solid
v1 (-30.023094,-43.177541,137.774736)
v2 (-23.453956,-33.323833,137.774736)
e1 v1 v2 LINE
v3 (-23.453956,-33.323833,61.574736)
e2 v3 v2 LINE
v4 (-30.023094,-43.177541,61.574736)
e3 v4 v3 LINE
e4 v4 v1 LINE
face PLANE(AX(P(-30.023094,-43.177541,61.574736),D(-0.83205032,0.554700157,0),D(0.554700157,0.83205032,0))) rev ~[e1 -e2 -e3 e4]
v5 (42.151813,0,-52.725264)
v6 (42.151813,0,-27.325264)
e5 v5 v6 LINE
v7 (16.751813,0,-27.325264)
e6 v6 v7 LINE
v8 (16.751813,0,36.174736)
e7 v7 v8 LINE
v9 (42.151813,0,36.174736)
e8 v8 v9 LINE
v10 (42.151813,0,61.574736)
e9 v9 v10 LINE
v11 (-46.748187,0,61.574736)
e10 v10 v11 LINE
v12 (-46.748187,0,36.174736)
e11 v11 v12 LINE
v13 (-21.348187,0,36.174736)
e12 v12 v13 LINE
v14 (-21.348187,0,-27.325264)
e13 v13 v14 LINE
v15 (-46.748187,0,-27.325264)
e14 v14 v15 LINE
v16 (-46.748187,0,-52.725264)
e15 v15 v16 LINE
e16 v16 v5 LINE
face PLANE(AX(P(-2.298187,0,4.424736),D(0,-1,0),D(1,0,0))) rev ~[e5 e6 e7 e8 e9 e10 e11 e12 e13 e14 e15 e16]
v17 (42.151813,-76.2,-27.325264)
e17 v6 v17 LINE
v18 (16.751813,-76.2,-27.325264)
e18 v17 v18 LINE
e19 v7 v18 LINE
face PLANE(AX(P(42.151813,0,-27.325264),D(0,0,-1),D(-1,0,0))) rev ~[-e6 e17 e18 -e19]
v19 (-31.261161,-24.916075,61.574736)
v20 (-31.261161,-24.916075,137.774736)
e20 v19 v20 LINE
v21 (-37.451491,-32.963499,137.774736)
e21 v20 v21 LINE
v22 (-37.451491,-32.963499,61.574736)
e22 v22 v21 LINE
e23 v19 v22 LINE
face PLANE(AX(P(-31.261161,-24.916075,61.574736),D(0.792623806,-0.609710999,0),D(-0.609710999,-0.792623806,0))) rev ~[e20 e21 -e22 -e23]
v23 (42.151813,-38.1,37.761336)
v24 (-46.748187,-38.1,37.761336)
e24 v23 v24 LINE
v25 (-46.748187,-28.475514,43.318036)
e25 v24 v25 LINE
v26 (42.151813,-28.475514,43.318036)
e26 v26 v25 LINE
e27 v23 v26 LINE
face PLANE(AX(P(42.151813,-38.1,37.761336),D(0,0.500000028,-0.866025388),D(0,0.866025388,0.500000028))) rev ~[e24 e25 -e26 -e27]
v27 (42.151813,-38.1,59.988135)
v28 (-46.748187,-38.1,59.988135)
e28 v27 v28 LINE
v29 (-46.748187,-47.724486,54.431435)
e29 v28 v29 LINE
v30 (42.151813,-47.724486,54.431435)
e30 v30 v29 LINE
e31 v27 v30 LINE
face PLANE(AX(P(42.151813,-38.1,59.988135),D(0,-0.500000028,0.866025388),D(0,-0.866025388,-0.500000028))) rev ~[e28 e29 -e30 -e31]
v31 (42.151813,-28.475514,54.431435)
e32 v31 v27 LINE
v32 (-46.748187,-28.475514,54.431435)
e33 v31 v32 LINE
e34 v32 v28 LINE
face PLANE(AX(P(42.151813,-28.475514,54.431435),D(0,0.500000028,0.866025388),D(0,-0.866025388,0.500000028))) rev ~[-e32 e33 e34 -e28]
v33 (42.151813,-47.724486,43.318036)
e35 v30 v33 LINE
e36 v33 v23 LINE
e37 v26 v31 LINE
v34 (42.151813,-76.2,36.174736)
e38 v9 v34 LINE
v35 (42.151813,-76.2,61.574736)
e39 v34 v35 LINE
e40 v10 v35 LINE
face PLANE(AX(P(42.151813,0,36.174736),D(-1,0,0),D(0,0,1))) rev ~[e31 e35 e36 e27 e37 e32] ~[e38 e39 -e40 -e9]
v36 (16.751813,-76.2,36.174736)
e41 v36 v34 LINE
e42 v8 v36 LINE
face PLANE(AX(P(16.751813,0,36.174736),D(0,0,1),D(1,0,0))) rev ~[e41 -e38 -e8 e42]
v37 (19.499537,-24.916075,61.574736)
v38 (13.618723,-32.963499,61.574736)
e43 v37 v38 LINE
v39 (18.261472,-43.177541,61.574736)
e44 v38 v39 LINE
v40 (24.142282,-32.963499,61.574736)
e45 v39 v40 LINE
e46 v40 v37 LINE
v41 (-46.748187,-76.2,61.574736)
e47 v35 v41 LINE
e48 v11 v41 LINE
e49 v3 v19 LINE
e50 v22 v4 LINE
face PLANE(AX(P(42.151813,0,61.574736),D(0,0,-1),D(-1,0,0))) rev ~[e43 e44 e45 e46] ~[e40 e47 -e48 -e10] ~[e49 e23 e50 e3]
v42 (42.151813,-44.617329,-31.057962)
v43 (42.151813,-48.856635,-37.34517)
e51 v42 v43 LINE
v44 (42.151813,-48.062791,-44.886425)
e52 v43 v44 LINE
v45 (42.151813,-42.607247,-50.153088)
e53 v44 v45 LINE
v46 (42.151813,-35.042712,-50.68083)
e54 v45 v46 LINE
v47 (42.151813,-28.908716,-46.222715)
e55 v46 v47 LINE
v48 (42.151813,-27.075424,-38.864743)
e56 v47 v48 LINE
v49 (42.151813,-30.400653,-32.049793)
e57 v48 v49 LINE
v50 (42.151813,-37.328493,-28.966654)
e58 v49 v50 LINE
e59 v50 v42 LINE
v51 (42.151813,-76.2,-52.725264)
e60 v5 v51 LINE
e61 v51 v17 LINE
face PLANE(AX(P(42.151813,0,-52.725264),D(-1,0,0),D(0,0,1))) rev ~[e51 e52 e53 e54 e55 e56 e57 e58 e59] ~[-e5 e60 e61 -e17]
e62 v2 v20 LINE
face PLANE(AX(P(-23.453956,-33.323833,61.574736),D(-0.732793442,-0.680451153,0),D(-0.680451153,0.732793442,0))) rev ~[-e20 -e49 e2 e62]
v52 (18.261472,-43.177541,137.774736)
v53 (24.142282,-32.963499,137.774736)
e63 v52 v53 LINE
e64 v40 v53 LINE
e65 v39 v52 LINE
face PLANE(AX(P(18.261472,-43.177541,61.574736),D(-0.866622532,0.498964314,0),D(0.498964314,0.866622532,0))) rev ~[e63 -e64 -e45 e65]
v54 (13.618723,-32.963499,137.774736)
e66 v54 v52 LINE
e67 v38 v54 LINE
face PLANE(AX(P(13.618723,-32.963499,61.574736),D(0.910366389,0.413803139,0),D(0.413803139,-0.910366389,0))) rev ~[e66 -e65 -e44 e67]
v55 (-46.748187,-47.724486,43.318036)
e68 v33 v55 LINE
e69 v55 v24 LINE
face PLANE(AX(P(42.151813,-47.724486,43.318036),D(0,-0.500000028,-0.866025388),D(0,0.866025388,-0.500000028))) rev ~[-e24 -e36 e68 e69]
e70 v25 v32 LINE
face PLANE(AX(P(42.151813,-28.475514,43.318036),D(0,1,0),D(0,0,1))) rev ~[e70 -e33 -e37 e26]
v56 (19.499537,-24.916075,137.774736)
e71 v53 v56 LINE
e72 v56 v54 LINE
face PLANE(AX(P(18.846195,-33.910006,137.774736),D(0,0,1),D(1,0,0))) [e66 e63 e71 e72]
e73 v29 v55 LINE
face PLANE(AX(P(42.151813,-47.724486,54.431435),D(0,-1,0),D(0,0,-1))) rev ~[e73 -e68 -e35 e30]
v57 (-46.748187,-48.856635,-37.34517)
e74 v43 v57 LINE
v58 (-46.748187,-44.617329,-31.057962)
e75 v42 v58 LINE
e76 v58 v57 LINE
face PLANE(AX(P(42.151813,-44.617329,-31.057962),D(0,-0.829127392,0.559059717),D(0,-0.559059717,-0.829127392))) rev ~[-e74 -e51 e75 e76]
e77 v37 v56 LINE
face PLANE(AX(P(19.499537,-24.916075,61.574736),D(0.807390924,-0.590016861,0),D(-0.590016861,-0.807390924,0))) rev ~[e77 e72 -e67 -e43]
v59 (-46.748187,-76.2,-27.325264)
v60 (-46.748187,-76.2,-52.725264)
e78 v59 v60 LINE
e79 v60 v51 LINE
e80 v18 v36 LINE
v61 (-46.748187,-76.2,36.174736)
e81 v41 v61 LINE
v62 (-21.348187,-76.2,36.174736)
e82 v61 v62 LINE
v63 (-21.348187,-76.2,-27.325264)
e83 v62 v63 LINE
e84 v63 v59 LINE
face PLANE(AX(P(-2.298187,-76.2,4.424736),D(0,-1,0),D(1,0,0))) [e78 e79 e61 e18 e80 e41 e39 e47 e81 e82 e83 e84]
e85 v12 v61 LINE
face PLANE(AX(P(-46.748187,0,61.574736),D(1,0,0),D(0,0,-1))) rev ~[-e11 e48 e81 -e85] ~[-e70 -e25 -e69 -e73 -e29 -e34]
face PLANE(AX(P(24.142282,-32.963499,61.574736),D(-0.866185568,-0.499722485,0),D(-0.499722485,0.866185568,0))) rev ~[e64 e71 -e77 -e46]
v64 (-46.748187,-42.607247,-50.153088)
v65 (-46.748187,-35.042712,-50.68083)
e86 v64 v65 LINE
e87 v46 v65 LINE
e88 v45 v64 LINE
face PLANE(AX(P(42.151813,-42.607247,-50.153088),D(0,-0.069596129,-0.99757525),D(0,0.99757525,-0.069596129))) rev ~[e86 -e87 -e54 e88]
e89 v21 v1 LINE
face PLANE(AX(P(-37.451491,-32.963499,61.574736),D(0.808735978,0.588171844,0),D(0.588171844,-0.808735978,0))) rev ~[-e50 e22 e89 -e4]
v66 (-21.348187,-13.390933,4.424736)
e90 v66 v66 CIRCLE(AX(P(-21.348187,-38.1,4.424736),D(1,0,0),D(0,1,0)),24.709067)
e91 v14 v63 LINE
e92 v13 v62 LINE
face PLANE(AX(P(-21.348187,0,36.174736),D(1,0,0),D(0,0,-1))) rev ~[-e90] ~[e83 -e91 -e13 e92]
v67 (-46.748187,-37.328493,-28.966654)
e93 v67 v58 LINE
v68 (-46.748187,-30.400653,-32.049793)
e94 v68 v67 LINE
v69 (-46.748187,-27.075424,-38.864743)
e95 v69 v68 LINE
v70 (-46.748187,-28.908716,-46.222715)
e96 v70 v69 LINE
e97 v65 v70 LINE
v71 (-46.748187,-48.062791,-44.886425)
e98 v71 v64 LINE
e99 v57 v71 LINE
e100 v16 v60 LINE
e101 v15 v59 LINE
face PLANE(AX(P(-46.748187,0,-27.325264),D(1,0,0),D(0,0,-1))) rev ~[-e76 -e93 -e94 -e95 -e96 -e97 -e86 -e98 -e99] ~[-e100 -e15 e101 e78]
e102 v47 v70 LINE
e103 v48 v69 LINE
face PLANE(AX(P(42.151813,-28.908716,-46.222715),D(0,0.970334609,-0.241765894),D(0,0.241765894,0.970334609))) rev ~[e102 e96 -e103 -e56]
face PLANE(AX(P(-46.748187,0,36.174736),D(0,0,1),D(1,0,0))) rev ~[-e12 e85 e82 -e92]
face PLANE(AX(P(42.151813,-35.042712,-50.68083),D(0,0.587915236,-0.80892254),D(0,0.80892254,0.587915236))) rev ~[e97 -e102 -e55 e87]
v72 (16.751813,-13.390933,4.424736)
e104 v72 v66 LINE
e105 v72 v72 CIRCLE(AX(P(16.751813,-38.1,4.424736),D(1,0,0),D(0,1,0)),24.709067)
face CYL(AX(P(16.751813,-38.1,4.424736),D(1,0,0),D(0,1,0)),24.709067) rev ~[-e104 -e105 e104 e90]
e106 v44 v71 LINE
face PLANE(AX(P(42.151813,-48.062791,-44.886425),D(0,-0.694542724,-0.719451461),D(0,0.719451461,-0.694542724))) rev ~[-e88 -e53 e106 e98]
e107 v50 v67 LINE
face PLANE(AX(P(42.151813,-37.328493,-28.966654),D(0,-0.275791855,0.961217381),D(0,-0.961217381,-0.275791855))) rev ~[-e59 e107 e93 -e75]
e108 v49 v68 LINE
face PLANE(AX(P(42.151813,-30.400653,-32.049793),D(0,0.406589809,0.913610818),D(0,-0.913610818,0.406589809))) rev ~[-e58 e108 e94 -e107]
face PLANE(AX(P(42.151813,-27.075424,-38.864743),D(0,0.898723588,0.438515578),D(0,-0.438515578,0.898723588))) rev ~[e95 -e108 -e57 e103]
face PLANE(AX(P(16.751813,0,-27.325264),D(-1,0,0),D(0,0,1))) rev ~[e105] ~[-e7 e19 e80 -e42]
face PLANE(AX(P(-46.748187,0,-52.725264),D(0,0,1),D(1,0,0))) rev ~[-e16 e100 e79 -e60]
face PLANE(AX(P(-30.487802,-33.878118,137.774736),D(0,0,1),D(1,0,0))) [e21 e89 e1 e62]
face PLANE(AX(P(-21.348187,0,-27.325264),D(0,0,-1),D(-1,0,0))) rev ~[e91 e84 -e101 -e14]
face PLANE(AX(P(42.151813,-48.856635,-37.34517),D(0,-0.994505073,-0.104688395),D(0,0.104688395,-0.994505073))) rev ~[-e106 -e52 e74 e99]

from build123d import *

# Parameters (mm, degrees)
F1_DEPTH  = 76.2
F2_R      = 24.709067
F3_DEPTH  = 63.501
F5_DEPTH  = 88.901
F7_DEPTH  = 88.901
F10_DEPTH = 76.2


with BuildPart() as f1:
    # F0 (on Front) → F1 (new body)
    with BuildSketch(Plane.XZ):
        Polygon((-46.748187, -27.325264), (-46.748187, -52.725264), (42.151813, -52.725264), (42.151813, -27.325264), (16.751813, -27.325264), (16.751813, 36.174736), (42.151813, 36.174736), (42.151813, 61.574736), (-46.748187, 61.574736), (-46.748187, 36.174736), (-21.348187, 36.174736), (-21.348187, -27.325264), align=None)
    extrude(amount=F1_DEPTH)

    # F2 (on face) → F3 (cut, through all)
    with BuildSketch(Plane.YZ.offset(16.751813)):
        with Locations((-38.1, 4.424736)):
            Circle(F2_R)
    extrude(amount=-F3_DEPTH, mode=Mode.SUBTRACT)

    # F4 (on face) → F5 (cut, through all)
    with BuildSketch(Plane.YZ.offset(42.151813)):
        Polygon((-28.475514, 43.318036), (-28.475514, 54.431435), (-38.1, 59.988135), (-47.724486, 54.431435), (-47.724486, 43.318036), (-38.1, 37.761336), align=None)
    extrude(amount=-F5_DEPTH, mode=Mode.SUBTRACT)

    # F6 (on face) → F7 (cut, through all)
    with BuildSketch(Plane.YZ.offset(42.151813)):
        Polygon((-44.617329, -31.057962), (-48.856635, -37.34517), (-48.062791, -44.886425), (-42.607247, -50.153088), (-35.042712, -50.68083), (-28.908716, -46.222715), (-27.075424, -38.864743), (-30.400653, -32.049793), (-37.328493, -28.966654), align=None)
    extrude(amount=-F7_DEPTH, mode=Mode.SUBTRACT)

    # F9 (on face) → F10 (join)
    with BuildSketch(Plane.XY.offset(61.574736)):
        Polygon((-23.453956, -33.323833), (-31.261161, -24.916075), (-37.451491, -32.963499), (-30.023094, -43.177541), align=None)
        Polygon((24.142282, -32.963499), (19.499537, -24.916075), (13.618723, -32.963499), (18.261472, -43.177541), align=None)
    extrude(amount=F10_DEPTH)


solid = f1.part
